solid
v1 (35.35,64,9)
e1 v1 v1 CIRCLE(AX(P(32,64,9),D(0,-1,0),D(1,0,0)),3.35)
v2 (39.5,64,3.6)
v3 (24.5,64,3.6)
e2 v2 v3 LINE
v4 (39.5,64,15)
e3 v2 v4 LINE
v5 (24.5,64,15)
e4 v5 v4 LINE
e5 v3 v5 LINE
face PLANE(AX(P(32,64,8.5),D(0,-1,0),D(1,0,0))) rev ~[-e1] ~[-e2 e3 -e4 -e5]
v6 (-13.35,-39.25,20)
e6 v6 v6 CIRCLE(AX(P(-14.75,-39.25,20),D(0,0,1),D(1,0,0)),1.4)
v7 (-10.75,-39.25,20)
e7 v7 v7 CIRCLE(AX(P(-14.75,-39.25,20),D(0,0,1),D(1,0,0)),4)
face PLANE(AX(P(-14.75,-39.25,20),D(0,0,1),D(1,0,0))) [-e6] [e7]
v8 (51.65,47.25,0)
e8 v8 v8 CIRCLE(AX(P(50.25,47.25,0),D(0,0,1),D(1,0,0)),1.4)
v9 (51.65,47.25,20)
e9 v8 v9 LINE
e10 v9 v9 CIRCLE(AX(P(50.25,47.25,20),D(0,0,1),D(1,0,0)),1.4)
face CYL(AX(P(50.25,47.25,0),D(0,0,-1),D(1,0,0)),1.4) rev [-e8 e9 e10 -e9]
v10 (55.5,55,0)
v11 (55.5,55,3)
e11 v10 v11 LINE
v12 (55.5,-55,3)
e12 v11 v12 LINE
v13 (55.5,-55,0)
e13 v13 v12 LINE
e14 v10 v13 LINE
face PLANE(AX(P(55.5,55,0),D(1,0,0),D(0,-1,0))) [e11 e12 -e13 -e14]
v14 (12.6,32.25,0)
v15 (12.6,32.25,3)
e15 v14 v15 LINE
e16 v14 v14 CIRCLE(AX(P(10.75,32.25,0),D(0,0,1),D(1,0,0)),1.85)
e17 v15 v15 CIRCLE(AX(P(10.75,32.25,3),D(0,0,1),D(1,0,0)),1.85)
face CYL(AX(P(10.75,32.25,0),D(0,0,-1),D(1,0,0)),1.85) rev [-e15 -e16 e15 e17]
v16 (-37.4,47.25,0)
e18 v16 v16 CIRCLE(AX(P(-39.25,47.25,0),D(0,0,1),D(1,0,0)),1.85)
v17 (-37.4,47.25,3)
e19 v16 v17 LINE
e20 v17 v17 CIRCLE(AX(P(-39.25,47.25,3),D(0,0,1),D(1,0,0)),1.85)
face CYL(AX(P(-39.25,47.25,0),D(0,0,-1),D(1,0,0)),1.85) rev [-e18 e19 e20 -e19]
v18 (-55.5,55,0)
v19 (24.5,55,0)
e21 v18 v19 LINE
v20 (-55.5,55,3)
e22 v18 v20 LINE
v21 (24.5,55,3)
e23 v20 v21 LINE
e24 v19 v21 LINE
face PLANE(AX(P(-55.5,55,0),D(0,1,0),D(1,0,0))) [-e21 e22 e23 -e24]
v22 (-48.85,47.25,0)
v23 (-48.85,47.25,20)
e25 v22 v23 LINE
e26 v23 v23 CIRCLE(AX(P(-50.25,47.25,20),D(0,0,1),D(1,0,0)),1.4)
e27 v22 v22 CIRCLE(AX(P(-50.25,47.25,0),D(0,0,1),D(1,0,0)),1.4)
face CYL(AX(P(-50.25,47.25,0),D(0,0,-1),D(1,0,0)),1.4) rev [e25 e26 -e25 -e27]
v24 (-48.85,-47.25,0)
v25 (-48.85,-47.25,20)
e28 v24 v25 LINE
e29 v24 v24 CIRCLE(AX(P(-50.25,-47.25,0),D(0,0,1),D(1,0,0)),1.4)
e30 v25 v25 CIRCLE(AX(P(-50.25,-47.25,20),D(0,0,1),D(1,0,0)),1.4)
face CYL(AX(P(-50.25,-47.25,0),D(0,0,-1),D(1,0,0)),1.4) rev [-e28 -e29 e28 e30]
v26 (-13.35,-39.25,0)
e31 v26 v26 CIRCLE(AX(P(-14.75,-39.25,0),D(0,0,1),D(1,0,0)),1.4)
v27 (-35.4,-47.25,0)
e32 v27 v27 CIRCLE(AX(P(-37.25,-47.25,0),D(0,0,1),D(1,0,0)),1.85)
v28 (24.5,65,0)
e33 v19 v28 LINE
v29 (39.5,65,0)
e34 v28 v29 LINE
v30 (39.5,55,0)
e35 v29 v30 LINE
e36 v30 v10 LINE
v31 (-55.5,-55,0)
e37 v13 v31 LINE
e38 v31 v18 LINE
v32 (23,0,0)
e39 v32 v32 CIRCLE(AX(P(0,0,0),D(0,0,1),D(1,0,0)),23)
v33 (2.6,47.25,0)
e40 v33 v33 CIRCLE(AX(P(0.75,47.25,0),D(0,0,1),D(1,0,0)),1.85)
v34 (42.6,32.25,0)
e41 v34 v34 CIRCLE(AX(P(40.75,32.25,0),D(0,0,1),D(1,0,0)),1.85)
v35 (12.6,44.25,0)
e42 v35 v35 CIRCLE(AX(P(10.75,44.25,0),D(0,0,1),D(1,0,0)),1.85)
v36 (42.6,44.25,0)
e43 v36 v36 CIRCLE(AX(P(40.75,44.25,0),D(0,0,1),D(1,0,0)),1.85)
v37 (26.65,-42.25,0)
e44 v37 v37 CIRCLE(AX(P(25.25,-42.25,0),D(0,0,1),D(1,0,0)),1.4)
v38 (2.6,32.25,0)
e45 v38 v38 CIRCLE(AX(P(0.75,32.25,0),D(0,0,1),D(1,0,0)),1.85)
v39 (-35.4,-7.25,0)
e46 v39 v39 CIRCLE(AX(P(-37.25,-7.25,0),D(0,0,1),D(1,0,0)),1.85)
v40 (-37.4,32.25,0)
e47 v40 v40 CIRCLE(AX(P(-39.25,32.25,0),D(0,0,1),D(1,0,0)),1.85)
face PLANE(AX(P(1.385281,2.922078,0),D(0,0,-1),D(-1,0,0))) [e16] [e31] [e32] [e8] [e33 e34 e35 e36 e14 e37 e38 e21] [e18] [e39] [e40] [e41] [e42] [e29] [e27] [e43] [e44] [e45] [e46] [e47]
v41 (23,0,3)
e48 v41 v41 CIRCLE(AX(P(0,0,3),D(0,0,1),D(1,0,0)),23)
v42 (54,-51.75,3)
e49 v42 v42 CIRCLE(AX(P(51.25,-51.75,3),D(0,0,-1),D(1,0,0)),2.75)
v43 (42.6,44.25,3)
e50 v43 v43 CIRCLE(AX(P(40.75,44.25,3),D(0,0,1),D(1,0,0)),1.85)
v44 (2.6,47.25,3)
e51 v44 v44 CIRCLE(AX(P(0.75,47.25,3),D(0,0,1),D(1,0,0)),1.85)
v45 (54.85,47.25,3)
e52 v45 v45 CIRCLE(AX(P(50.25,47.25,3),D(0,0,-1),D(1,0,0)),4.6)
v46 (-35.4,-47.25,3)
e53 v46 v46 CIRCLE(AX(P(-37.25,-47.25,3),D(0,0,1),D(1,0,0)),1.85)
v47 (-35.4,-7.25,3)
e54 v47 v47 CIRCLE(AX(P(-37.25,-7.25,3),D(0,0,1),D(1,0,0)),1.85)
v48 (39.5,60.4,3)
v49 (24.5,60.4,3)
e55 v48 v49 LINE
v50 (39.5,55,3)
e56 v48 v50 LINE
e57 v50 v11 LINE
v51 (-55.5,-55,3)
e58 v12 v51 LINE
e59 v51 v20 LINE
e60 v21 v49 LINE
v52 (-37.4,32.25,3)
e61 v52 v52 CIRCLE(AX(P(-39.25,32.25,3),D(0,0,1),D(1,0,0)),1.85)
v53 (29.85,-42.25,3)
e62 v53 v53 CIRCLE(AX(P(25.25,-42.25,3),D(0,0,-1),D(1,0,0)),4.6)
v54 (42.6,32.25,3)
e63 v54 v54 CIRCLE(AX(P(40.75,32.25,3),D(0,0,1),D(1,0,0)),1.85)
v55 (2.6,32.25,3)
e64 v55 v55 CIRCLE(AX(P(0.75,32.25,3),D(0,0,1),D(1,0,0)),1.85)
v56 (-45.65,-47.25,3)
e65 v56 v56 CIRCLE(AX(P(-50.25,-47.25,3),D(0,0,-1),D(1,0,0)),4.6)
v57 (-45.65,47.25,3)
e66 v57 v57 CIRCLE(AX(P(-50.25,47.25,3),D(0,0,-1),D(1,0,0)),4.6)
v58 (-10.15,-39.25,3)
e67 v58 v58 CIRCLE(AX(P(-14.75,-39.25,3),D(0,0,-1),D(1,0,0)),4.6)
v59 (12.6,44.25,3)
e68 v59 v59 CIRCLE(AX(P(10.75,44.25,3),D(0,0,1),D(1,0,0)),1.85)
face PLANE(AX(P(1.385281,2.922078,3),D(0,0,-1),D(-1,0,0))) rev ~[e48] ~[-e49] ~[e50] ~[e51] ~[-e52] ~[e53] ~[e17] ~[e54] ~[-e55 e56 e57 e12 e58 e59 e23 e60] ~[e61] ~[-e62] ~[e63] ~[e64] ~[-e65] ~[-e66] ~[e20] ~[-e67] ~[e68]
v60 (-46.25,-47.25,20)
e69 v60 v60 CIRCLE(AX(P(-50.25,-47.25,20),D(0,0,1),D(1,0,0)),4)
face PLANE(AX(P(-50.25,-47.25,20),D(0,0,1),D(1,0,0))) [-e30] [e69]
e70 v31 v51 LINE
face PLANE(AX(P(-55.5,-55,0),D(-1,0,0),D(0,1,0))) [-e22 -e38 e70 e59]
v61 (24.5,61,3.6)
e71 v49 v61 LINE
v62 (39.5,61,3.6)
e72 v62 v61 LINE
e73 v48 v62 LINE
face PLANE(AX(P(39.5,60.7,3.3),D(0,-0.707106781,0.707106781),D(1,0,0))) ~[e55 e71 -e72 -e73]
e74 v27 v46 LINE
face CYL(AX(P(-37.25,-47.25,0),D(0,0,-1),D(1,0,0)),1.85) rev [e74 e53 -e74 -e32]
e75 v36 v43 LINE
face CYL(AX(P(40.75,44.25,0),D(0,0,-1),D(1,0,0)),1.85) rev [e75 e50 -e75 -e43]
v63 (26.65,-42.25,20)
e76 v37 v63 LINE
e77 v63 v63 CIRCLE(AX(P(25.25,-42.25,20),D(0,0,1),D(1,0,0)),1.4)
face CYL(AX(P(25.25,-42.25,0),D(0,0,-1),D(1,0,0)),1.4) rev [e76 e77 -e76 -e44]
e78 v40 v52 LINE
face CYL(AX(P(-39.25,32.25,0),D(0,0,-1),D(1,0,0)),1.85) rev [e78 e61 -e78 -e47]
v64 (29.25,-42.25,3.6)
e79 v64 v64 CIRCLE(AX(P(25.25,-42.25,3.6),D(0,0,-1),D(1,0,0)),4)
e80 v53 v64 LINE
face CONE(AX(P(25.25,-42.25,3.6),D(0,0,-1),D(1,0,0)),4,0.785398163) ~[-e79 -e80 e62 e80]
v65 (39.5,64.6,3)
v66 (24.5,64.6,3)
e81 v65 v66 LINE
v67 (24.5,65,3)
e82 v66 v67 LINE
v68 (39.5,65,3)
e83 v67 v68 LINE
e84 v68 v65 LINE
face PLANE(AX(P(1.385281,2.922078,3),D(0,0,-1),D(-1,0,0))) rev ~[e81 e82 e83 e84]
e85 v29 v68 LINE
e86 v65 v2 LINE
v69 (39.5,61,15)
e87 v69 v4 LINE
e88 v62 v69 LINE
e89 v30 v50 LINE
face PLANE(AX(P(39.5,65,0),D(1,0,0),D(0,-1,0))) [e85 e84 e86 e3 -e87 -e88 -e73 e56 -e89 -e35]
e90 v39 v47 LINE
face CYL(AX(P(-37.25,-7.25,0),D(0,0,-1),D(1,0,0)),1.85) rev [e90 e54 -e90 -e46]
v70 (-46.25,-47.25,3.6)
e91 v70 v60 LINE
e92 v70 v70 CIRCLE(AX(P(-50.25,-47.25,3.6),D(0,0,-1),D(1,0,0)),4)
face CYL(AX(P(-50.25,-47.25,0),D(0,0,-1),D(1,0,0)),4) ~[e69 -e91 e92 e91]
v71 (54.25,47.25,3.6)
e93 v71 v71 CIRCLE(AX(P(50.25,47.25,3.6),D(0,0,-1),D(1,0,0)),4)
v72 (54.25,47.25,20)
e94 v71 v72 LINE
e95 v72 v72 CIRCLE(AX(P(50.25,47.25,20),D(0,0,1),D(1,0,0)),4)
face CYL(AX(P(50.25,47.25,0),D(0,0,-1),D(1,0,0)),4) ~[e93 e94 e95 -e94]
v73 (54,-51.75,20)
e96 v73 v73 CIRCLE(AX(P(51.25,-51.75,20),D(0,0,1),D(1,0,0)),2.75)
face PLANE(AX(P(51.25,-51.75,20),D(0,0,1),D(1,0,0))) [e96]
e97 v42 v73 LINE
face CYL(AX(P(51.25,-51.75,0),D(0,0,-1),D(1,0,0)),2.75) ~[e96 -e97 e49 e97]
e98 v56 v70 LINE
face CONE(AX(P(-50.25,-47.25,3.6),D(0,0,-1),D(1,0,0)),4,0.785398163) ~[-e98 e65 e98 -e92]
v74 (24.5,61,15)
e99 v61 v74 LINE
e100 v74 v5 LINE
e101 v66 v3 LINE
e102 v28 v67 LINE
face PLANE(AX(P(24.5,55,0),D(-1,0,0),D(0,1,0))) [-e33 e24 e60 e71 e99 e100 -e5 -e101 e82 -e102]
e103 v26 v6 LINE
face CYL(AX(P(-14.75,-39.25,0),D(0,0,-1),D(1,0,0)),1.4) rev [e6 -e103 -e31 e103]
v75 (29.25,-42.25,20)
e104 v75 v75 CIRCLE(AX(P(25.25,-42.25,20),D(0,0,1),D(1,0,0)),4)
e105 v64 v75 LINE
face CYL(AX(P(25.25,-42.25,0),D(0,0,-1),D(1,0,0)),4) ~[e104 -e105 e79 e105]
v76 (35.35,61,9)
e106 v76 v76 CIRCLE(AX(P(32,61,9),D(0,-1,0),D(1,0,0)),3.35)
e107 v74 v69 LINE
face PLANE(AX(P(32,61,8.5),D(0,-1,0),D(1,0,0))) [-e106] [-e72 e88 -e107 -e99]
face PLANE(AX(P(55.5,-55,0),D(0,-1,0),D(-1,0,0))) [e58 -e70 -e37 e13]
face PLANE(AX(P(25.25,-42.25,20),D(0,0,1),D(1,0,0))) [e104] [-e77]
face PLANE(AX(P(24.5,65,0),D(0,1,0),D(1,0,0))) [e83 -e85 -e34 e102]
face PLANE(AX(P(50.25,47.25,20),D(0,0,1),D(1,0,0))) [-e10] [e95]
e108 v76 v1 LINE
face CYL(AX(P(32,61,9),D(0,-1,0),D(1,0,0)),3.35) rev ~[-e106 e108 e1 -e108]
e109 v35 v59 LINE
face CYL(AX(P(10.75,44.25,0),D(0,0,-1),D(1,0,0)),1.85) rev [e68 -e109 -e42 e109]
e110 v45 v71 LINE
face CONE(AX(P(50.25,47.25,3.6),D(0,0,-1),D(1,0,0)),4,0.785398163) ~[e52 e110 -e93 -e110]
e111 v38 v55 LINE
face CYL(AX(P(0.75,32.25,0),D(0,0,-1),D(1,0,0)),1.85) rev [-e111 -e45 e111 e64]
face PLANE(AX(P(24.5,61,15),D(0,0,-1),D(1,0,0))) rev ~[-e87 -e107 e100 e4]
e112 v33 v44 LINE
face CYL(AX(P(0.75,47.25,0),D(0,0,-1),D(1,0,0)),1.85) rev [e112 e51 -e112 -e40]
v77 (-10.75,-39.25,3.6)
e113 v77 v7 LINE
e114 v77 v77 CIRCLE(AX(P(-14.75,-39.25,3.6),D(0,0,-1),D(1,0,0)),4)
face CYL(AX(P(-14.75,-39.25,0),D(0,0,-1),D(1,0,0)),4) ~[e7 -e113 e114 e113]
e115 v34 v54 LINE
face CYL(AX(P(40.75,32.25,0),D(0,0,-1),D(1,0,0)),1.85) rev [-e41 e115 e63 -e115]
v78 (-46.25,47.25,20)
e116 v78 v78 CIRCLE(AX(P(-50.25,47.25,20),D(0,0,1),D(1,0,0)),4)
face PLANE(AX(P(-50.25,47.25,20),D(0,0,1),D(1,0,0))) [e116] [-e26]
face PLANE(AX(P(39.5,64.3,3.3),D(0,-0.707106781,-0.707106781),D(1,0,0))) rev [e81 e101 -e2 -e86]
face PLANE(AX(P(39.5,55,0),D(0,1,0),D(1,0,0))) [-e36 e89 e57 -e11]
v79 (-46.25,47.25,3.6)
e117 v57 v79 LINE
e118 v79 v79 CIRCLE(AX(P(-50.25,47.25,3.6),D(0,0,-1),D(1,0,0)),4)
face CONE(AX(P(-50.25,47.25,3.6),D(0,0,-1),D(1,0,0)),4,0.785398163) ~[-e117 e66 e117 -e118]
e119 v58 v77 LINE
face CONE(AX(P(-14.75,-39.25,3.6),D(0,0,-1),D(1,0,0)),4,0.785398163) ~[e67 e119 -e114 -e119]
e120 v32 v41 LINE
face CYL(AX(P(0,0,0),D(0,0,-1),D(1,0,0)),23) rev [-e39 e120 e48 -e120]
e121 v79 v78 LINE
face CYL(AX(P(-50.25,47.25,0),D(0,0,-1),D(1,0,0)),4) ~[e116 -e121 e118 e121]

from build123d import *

# Parameters (mm, degrees)
SKETCH001_R                          = 4
SKETCH001_R_2                        = 1.4
SKETCH001_R_3                        = 2.75
EXTRUDE001_DEPTH                     = 20
SKETCH002_AS_DRAWN_W                 = 15
SKETCH002_AS_DRAWN_H                 = 13
SKETCH002_AS_DRAWN_R                 = 3.35
EXTRUDE002_DEPTH                     = 3
EXTRUDE002_ONTO_SKETCH002_ROLL_ANGLE = 90
SKETCH_R                             = 1.9
SKETCH_R_2                           = 23
SKETCH_R_3                           = 1.85
EXTRUDE_DEPTH                        = 3
CHAMFER_SIZE                         = 0.6


with BuildPart() as extrude001:
    # Sketch001 → Extrude001 (new body)
    with BuildSketch(Plane.XY):
        with Locations((-50.25, -47.25)):
            Circle(SKETCH001_R)
        with Locations((-50.25, -47.25)):
            Circle(SKETCH001_R_2, mode=Mode.SUBTRACT)
        with Locations((50.25, 47.25)):
            Circle(SKETCH001_R)
        with Locations((50.25, 47.25)):
            Circle(SKETCH001_R_2, mode=Mode.SUBTRACT)
        with Locations((-50.25, 47.25)):
            Circle(SKETCH001_R)
        with Locations((-50.25, 47.25)):
            Circle(SKETCH001_R_2, mode=Mode.SUBTRACT)
        with Locations((25.25, -42.25)):
            Circle(SKETCH001_R)
        with Locations((25.25, -42.25)):
            Circle(SKETCH001_R_2, mode=Mode.SUBTRACT)
        with Locations((51.25, -51.75)):
            Circle(SKETCH001_R_3)
        with Locations((-14.75, -39.25)):
            Circle(SKETCH001_R)
        with Locations((-14.75, -39.25)):
            Circle(SKETCH001_R_2, mode=Mode.SUBTRACT)
    extrude(amount=EXTRUDE001_DEPTH)


with BuildPart() as extrude002:
    # Sketch002 as drawn → Extrude002 (new)
    with BuildSketch(Plane.XY):
        with Locations((0, 6.5)):
            Rectangle(SKETCH002_AS_DRAWN_W, SKETCH002_AS_DRAWN_H)
        with Locations((0, 7)):
            Circle(SKETCH002_AS_DRAWN_R, mode=Mode.SUBTRACT)
    extrude(amount=-EXTRUDE002_DEPTH)


with BuildPart() as extrude002_1:
    # Extrude002 onto Sketch002 roll: moved
    add(extrude002.part.rotate(Axis((0, 0, 0), (1, 0, 0)), EXTRUDE002_ONTO_SKETCH002_ROLL_ANGLE))


with BuildPart() as extrude002_2:
    # Extrude002 onto Sketch002 placement: moved
    add(extrude002_1.part)


with BuildPart() as extrude002_3:
    # Extrude002 placement: moved
    add(extrude002_2.part.moved(Location((32, 61, 2))))


with BuildPart() as chamfer_body:
    # Sketch → Extrude (new body)
    with BuildSketch(Plane.XY):
        Polygon((55.5, 55), (55.5, -55), (-55.5, -55), (-55.5, 55), (24.5, 55), (24.5, 65), (39.5, 65), (39.5, 55), align=None)
        with Locations((-50.25, -47.25)):
            Circle(SKETCH_R, mode=Mode.SUBTRACT)
        Circle(SKETCH_R_2, mode=Mode.SUBTRACT)
        with Locations((-39.25, 47.25)):
            Circle(SKETCH_R_3, mode=Mode.SUBTRACT)
        with Locations((0.75, 47.25)):
            Circle(SKETCH_R_3, mode=Mode.SUBTRACT)
        with Locations((-39.25, 32.25)):
            Circle(SKETCH_R_3, mode=Mode.SUBTRACT)
        with Locations((0.75, 32.25)):
            Circle(SKETCH_R_3, mode=Mode.SUBTRACT)
        with Locations((10.75, 44.25)):
            Circle(SKETCH_R_3, mode=Mode.SUBTRACT)
        with Locations((40.75, 44.25)):
            Circle(SKETCH_R_3, mode=Mode.SUBTRACT)
        with Locations((10.75, 32.25)):
            Circle(SKETCH_R_3, mode=Mode.SUBTRACT)
        with Locations((40.75, 32.25)):
            Circle(SKETCH_R_3, mode=Mode.SUBTRACT)
        with Locations((50.25, 47.25)):
            Circle(SKETCH_R, mode=Mode.SUBTRACT)
        with Locations((-50.25, 47.25)):
            Circle(SKETCH_R, mode=Mode.SUBTRACT)
        with Locations((25.25, -42.25)):
            Circle(SKETCH_R, mode=Mode.SUBTRACT)
        with Locations((-14.75, -39.25)):
            Circle(SKETCH_R, mode=Mode.SUBTRACT)
        with Locations((-37.25, -7.25)):
            Circle(SKETCH_R_3, mode=Mode.SUBTRACT)
        with Locations((-37.25, -47.25)):
            Circle(SKETCH_R_3, mode=Mode.SUBTRACT)
    extrude(amount=EXTRUDE_DEPTH)

    # Fusion: union Extrude001, Extrude002
    add(extrude001.part)
    add(extrude002_3.part)

    # Chamfer
    chamfer_edges = [chamfer_body.edges().sort_by_distance(p)[0] for p in [
        (32, 61, 3),
        (32, 64, 3),
        (-54.25, -47.25, 3),
        (-18.75, -39.25, 3),
        (21.25, -42.25, 3),
        (-54.25, 47.25, 3),
        (46.25, 47.25, 3),
    ]]
    chamfer(chamfer_edges, length=CHAMFER_SIZE)


solid = chamfer_body.part
